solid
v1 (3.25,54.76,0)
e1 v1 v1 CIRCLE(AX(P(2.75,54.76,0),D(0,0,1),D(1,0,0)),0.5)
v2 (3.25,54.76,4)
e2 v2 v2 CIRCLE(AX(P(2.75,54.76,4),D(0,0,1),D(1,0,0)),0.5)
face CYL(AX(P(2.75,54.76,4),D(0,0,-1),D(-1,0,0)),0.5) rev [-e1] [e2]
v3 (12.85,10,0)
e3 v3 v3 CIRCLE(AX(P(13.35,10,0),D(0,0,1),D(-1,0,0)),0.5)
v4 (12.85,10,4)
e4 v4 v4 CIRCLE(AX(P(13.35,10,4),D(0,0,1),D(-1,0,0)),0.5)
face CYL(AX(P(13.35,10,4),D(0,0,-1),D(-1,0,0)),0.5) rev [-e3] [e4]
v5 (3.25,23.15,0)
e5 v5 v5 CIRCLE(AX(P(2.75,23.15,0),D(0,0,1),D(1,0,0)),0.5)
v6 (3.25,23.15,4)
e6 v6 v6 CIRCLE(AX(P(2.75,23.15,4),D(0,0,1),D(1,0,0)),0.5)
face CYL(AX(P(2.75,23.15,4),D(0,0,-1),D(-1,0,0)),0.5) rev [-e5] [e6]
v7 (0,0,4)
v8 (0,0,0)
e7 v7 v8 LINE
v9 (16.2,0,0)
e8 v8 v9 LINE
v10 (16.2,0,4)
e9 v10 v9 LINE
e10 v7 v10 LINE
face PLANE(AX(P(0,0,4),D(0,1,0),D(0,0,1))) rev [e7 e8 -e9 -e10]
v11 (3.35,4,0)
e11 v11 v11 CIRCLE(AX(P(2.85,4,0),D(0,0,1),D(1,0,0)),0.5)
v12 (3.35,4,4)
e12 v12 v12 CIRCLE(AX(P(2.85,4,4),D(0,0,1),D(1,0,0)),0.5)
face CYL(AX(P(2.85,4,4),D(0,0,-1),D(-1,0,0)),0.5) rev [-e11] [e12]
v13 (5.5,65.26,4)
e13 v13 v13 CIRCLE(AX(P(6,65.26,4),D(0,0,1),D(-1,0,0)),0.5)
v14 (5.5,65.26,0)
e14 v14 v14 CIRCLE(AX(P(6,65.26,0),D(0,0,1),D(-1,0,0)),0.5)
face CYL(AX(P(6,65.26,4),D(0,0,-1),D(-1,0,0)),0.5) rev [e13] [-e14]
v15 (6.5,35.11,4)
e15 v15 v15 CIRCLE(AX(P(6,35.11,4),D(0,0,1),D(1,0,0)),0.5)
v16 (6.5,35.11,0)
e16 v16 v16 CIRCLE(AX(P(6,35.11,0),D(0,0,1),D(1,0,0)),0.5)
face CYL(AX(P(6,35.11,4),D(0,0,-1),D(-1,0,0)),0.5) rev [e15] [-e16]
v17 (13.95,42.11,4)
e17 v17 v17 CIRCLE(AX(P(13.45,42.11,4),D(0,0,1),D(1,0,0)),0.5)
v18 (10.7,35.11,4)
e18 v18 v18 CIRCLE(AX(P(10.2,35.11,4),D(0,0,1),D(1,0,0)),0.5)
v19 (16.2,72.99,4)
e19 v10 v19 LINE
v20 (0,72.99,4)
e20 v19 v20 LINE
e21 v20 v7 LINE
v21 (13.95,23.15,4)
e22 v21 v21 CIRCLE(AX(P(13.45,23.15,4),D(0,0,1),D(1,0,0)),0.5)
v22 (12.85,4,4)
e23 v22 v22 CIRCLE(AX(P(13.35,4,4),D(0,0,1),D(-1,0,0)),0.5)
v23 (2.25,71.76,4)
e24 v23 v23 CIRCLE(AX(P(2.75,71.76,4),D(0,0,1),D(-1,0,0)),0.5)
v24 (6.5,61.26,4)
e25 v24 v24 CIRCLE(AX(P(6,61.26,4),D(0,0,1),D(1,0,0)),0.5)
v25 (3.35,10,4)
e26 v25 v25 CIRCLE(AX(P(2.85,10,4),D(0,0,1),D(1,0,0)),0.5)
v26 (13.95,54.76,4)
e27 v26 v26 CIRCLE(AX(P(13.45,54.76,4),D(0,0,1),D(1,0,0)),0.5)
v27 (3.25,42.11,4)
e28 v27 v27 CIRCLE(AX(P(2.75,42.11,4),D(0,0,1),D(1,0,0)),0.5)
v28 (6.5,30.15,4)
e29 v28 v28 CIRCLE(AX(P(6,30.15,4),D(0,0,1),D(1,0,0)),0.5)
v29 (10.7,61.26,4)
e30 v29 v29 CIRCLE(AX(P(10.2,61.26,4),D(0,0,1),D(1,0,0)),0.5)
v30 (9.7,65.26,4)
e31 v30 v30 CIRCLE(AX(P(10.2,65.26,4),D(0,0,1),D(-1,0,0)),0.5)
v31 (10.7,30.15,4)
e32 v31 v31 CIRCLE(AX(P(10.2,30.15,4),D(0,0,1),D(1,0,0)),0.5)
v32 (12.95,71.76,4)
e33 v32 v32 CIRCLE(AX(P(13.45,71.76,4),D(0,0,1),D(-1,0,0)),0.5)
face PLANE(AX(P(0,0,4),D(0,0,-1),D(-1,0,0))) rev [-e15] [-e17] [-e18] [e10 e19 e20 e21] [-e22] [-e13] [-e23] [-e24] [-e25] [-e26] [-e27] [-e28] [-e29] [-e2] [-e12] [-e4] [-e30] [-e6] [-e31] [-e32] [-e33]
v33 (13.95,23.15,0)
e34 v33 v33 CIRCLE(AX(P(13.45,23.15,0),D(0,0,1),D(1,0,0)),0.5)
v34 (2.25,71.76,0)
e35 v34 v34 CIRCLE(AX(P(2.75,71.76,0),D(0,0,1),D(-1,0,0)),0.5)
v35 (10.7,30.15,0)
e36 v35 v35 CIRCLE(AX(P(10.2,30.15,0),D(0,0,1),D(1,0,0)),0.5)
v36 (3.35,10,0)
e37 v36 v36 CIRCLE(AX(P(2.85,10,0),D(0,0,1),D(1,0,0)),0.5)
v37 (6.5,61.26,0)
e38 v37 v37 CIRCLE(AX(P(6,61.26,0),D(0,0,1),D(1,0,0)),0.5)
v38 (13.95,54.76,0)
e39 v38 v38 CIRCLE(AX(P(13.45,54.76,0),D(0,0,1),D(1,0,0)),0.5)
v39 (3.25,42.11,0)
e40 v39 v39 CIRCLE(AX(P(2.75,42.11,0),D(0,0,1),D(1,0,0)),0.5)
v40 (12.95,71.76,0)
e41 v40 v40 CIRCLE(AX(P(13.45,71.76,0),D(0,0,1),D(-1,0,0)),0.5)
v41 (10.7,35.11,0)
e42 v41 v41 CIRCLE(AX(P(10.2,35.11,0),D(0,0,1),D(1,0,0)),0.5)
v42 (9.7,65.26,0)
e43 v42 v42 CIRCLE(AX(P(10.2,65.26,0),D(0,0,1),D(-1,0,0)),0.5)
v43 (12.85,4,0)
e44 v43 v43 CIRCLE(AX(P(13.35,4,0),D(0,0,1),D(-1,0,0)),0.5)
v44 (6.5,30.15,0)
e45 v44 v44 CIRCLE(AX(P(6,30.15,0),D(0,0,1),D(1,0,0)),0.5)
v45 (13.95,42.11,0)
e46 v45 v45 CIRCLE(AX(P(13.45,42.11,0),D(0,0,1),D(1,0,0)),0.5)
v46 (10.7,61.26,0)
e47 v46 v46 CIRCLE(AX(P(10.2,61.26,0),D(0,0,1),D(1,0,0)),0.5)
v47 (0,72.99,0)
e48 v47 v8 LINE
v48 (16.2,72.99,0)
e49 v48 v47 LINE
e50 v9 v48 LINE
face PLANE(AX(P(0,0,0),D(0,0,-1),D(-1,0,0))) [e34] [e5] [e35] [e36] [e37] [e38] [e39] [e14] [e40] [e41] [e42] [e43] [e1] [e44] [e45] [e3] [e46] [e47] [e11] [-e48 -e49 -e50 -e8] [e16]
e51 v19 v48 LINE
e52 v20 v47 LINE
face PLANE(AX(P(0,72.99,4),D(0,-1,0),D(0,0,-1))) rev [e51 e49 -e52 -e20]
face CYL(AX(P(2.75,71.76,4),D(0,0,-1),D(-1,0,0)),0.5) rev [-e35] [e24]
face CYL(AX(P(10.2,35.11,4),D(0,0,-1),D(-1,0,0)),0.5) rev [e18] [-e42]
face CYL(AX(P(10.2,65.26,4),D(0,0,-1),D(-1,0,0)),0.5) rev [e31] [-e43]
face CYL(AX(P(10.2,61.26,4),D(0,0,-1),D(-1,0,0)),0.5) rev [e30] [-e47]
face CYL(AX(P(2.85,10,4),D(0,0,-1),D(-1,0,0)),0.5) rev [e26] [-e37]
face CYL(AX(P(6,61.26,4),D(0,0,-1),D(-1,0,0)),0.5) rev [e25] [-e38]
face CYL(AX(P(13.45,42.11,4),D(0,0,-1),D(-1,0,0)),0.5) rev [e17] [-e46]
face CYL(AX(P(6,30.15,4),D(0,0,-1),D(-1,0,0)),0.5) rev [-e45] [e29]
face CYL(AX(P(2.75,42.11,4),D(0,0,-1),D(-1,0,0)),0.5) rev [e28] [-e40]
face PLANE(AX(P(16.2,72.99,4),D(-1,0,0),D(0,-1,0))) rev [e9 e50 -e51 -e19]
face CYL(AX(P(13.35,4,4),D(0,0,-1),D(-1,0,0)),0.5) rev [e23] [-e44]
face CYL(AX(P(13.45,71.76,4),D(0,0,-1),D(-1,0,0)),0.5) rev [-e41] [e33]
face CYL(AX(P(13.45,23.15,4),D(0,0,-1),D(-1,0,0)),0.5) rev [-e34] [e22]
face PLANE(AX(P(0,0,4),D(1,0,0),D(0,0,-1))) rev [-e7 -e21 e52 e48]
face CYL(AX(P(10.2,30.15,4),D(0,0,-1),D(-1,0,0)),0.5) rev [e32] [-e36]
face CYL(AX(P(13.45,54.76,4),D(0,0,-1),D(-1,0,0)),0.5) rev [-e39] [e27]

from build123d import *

# Parameters (mm, degrees)
SKETCH1_W           = 16.2
SKETCH1_H           = 72.99
SKETCH1_R           = 0.5
BOSS_EXTRUDE1_DEPTH = 4


with BuildPart() as part:
    # Sketch1 → Boss-Extrude1 (new body)
    with BuildSketch(Plane.XY):
        with Locations((8.1, 36.495)):
            Rectangle(SKETCH1_W, SKETCH1_H)
        with Locations((6, 30.15)):
            Circle(SKETCH1_R, mode=Mode.SUBTRACT)
        with Locations((10.2, 30.15)):
            Circle(SKETCH1_R, mode=Mode.SUBTRACT)
        with Locations((10.2, 35.11)):
            Circle(SKETCH1_R, mode=Mode.SUBTRACT)
        with Locations((10.2, 61.26)):
            Circle(SKETCH1_R, mode=Mode.SUBTRACT)
        with Locations((13.45, 54.76)):
            Circle(SKETCH1_R, mode=Mode.SUBTRACT)
        with Locations((6, 61.26)):
            Circle(SKETCH1_R, mode=Mode.SUBTRACT)
        with Locations((6, 35.11)):
            Circle(SKETCH1_R, mode=Mode.SUBTRACT)
        with Locations((2.75, 42.11)):
            Circle(SKETCH1_R, mode=Mode.SUBTRACT)
        with Locations((2.85, 10)):
            Circle(SKETCH1_R, mode=Mode.SUBTRACT)
        with Locations((13.35, 10)):
            Circle(SKETCH1_R, mode=Mode.SUBTRACT)
        with Locations((13.35, 4)):
            Circle(SKETCH1_R, mode=Mode.SUBTRACT)
        with Locations((2.85, 4)):
            Circle(SKETCH1_R, mode=Mode.SUBTRACT)
        with Locations((13.45, 42.11)):
            Circle(SKETCH1_R, mode=Mode.SUBTRACT)
        with Locations((2.75, 54.76)):
            Circle(SKETCH1_R, mode=Mode.SUBTRACT)
        with Locations((13.45, 23.15)):
            Circle(SKETCH1_R, mode=Mode.SUBTRACT)
        with Locations((2.75, 23.15)):
            Circle(SKETCH1_R, mode=Mode.SUBTRACT)
        with Locations((10.2, 65.26)):
            Circle(SKETCH1_R, mode=Mode.SUBTRACT)
        with Locations((13.45, 71.76)):
            Circle(SKETCH1_R, mode=Mode.SUBTRACT)
        with Locations((6, 65.26)):
            Circle(SKETCH1_R, mode=Mode.SUBTRACT)
        with Locations((2.75, 71.76)):
            Circle(SKETCH1_R, mode=Mode.SUBTRACT)
    extrude(amount=BOSS_EXTRUDE1_DEPTH)


solid = part.part
